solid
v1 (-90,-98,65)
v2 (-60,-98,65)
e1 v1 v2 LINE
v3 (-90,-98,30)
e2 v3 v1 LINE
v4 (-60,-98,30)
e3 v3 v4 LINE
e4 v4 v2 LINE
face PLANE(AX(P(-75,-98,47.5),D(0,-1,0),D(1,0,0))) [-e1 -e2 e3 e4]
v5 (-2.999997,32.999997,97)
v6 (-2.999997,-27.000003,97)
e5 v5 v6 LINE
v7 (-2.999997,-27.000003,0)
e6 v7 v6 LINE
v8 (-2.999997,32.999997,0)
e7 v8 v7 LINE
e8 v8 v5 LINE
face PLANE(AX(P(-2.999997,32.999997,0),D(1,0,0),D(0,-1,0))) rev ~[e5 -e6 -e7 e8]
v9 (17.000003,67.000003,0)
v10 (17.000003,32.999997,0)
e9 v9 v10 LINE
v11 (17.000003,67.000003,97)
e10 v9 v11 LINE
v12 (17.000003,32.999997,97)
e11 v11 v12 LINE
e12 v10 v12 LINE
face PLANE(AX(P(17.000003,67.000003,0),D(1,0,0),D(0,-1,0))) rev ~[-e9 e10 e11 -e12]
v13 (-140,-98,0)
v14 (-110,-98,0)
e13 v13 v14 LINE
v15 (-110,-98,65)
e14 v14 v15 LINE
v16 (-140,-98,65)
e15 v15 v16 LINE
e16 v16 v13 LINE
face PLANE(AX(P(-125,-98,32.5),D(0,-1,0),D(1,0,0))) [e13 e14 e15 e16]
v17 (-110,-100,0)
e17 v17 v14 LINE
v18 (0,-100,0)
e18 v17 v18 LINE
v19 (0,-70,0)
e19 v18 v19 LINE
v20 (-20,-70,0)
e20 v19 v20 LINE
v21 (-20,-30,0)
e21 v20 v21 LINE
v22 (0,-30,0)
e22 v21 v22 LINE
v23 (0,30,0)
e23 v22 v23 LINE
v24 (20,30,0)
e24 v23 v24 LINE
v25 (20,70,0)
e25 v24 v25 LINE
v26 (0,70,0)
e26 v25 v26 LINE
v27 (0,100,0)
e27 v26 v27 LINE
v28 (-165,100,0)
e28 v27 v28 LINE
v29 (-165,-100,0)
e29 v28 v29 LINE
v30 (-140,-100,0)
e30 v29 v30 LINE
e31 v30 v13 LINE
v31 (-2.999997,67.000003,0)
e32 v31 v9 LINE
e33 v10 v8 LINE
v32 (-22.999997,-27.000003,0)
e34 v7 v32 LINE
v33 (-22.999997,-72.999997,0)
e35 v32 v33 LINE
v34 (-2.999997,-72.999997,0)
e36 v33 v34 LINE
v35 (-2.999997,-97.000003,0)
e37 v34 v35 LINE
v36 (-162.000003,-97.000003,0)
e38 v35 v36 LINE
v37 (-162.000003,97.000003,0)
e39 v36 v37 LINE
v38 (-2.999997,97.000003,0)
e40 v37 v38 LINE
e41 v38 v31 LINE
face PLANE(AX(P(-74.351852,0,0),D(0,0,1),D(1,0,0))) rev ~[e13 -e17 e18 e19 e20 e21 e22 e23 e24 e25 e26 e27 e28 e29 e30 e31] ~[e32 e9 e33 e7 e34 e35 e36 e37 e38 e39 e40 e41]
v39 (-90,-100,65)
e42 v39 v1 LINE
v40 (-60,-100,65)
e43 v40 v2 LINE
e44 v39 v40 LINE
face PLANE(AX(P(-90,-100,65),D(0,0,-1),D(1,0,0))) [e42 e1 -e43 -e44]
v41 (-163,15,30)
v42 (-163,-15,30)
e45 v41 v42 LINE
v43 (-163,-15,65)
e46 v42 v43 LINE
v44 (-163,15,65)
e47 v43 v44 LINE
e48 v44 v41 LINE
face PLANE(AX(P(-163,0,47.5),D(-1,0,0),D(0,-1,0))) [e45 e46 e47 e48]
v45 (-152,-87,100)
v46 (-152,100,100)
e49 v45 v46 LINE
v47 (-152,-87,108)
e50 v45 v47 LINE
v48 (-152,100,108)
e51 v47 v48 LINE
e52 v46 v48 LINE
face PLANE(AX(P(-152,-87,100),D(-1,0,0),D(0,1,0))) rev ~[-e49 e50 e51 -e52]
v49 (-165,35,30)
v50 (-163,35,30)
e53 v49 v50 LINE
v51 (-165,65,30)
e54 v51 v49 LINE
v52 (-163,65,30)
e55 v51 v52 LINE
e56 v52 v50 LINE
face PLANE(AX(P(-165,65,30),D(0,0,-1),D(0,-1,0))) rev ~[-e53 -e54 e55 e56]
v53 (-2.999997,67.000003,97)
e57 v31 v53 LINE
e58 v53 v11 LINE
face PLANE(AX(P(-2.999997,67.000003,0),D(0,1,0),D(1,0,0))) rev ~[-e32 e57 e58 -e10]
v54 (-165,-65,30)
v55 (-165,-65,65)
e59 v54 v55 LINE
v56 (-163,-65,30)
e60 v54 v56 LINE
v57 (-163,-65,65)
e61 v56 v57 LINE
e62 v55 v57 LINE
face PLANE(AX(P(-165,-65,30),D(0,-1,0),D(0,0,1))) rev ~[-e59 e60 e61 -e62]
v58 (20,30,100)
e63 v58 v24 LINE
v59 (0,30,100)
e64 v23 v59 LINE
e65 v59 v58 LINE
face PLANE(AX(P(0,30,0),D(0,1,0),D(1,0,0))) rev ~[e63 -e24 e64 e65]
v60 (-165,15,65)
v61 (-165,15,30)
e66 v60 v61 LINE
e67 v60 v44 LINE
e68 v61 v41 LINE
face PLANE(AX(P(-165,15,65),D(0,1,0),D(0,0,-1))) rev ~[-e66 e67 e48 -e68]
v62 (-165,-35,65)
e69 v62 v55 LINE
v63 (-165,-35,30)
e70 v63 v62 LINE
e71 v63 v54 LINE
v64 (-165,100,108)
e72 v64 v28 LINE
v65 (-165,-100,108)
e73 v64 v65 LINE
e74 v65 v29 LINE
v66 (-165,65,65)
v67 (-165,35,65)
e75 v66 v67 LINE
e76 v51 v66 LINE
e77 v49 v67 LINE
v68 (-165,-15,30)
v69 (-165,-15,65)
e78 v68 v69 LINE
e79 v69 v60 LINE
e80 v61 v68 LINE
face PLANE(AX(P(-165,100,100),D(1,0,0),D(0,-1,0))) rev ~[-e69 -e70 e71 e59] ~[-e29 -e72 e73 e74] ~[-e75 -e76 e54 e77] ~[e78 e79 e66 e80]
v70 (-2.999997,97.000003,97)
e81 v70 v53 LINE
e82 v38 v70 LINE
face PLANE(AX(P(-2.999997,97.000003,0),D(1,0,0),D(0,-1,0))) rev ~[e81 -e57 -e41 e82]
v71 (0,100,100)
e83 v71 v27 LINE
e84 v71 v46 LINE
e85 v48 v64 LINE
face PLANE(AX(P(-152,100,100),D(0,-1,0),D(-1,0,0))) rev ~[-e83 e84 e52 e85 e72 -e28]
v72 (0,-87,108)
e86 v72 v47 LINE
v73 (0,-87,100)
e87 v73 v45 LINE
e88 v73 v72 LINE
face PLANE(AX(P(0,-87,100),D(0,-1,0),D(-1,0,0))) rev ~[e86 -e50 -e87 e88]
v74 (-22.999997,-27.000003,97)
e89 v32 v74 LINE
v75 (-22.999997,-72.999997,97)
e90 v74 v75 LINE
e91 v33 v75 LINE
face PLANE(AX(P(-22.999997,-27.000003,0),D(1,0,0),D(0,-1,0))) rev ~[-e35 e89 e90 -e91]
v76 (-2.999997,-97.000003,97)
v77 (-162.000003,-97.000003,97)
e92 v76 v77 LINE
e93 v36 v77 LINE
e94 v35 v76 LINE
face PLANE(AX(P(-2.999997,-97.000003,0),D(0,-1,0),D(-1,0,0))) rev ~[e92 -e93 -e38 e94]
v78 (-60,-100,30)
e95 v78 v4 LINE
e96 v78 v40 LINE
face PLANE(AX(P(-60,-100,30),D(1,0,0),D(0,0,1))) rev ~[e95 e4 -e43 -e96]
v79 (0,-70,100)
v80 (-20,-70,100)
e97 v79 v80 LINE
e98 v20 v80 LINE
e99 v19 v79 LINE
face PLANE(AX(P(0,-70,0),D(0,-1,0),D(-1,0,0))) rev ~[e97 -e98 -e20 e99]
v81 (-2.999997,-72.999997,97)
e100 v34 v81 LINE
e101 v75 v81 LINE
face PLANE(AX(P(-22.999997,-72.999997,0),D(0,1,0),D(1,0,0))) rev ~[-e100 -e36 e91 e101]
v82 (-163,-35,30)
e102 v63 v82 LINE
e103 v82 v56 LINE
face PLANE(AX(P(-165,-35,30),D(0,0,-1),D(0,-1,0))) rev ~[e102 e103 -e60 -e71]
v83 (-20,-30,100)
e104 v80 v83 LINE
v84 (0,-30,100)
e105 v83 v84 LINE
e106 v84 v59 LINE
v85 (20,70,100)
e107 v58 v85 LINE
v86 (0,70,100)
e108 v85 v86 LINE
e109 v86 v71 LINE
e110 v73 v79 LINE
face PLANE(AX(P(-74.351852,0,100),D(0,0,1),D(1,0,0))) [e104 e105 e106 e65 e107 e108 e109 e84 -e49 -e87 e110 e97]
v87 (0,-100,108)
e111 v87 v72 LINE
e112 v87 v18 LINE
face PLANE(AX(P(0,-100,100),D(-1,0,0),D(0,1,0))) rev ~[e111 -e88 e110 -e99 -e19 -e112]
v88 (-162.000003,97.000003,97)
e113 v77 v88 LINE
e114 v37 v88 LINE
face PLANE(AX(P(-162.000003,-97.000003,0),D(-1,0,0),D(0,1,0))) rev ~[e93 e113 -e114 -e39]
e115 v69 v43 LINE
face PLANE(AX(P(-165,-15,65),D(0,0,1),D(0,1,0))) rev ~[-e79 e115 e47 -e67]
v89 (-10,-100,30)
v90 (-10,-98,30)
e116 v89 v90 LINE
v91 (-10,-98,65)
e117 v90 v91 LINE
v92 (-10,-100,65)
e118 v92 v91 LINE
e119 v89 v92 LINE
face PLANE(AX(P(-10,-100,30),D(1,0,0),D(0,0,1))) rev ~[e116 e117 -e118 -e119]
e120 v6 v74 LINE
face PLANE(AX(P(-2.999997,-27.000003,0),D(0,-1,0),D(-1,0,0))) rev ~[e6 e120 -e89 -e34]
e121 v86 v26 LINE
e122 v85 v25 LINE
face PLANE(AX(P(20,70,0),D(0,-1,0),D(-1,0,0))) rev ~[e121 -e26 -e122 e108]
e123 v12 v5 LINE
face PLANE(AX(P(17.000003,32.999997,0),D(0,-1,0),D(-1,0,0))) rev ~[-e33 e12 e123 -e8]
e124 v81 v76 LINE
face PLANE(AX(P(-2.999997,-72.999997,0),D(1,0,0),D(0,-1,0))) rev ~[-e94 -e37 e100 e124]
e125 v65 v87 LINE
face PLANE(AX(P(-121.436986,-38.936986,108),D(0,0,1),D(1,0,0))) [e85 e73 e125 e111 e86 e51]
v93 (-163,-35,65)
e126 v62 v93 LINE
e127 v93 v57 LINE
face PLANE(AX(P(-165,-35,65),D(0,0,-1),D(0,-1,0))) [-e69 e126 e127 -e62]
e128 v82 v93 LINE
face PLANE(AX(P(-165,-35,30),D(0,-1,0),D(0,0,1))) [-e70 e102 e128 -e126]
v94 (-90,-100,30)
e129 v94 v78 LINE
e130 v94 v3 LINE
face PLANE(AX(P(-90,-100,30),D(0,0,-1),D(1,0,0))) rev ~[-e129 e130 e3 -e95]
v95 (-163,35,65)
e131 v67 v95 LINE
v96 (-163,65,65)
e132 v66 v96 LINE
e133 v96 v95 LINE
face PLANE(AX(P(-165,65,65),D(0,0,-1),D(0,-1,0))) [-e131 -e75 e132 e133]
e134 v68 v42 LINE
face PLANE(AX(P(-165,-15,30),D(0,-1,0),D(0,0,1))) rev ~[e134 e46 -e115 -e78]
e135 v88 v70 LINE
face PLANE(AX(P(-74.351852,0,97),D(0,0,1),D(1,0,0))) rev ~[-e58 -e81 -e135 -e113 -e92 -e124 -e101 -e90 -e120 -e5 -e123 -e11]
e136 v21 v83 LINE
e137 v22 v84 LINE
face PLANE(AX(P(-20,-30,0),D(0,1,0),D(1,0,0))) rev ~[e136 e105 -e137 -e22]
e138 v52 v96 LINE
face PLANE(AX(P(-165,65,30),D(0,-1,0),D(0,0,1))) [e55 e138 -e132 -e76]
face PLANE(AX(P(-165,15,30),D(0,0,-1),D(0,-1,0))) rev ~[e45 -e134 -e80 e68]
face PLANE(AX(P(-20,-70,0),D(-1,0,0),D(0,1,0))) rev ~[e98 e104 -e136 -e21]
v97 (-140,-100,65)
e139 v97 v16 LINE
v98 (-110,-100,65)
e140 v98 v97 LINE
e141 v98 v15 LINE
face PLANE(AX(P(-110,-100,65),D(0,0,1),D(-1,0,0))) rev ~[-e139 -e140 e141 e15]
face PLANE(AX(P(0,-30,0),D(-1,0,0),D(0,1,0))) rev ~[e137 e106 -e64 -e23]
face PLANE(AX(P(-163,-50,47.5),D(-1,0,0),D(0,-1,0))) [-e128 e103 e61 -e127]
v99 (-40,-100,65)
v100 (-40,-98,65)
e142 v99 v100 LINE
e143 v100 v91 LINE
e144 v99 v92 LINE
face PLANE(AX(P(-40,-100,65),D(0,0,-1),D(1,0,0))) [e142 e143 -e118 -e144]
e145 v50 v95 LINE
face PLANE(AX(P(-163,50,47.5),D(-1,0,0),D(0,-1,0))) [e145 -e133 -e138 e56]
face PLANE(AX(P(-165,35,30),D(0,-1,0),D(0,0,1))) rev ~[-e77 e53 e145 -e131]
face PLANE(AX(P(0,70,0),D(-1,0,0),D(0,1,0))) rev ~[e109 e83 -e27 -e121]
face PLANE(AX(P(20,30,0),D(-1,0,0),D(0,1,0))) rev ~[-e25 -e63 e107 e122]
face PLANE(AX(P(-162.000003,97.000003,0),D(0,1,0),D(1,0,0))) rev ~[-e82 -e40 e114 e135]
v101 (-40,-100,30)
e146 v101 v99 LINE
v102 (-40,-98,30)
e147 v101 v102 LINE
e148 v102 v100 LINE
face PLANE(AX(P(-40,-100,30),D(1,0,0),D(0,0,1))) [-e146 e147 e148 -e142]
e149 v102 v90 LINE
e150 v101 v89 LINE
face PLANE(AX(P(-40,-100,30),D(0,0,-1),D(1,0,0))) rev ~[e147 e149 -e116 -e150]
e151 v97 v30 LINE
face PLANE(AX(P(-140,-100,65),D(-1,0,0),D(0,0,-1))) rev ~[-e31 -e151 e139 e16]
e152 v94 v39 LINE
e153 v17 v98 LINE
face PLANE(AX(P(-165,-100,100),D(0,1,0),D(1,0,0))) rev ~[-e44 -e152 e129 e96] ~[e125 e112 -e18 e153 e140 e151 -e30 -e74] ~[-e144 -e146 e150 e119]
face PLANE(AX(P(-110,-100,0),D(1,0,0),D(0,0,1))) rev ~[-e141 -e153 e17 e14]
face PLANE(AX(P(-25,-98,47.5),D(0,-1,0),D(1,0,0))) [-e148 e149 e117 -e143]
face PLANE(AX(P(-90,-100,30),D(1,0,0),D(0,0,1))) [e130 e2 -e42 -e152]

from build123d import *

# Parameters (mm, degrees)
F1_DEPTH = 100
F3_DEPTH = 3
F5_DEPTH = 8
F6_W     = 30
F6_H     = 35
F7_DEPTH = 2
F8_W     = 30
F8_H     = 35
F9_DEPTH = 2


with BuildPart() as f1:
    # F0 (on Top) → F1 (new body)
    with BuildSketch(Plane.XY):
        Polygon((-165, -100), (0, -100), (0, -70), (-20, -70), (-20, -30), (0, -30), (0, 30), (20, 30), (20, 70), (0, 70), (0, 100), (-165, 100), align=None)
        Polygon((-2.999997, -97.000003), (-162.000003, -97.000003), (-162.000003, 97.000003), (-2.999997, 97.000003), (-2.999997, 67.000003), (17.000003, 67.000003), (17.000003, 32.999997), (-2.999997, 32.999997), (-2.999997, -27.000003), (-22.999997, -27.000003), (-22.999997, -72.999997), (-2.999997, -72.999997), align=None, mode=Mode.SUBTRACT)
    extrude(amount=F1_DEPTH)

    # F2 (on face) → F3 (join)
    with BuildSketch(Plane.XY.offset(100)):
        Polygon((-165, 100), (-165, -100), (0, -100), (0, -70), (-20, -70), (-20, -30), (0, -30), (0, 30), (20, 30), (20, 70), (0, 70), (0, 100), align=None)
    extrude(amount=-F3_DEPTH)

    # F4 (on face) → F5 (join)
    with BuildSketch(Plane.XY.offset(100)):
        Polygon((-152, -100), (0, -100), (0, -87), (-152, -87), (-152, 100), (-165, 100), (-165, -100), (-162, -100), align=None)
    extrude(amount=F5_DEPTH)

    # F6 (on face) → F7 (cut)
    with BuildSketch(Plane.XZ.offset(100)):
        with Locations((-25, 47.5)):
            Rectangle(F6_W, F6_H)
        with Locations((-75, 47.5)):
            Rectangle(F6_W, F6_H)
        Polygon((-110, 30), (-110, 65), (-140, 65), (-140, 30), (-140, 0), (-110, 0), align=None)
    extrude(amount=-F7_DEPTH, mode=Mode.SUBTRACT)

    # F8 (on face) → F9 (cut)
    with BuildSketch(Plane(origin=(-165, 0, 0), x_dir=(0, -1, 0), z_dir=(-1, 0, 0))):
        Polygon((-15, 65), (-15, 30), (0, 30), (15, 30), (15, 65), align=None)
        with Locations((50, 47.5)):
            Rectangle(F8_W, F8_H)
        with Locations((-50, 47.5)):
            Rectangle(F8_W, F8_H)
    extrude(amount=-F9_DEPTH, mode=Mode.SUBTRACT)


solid = f1.part
